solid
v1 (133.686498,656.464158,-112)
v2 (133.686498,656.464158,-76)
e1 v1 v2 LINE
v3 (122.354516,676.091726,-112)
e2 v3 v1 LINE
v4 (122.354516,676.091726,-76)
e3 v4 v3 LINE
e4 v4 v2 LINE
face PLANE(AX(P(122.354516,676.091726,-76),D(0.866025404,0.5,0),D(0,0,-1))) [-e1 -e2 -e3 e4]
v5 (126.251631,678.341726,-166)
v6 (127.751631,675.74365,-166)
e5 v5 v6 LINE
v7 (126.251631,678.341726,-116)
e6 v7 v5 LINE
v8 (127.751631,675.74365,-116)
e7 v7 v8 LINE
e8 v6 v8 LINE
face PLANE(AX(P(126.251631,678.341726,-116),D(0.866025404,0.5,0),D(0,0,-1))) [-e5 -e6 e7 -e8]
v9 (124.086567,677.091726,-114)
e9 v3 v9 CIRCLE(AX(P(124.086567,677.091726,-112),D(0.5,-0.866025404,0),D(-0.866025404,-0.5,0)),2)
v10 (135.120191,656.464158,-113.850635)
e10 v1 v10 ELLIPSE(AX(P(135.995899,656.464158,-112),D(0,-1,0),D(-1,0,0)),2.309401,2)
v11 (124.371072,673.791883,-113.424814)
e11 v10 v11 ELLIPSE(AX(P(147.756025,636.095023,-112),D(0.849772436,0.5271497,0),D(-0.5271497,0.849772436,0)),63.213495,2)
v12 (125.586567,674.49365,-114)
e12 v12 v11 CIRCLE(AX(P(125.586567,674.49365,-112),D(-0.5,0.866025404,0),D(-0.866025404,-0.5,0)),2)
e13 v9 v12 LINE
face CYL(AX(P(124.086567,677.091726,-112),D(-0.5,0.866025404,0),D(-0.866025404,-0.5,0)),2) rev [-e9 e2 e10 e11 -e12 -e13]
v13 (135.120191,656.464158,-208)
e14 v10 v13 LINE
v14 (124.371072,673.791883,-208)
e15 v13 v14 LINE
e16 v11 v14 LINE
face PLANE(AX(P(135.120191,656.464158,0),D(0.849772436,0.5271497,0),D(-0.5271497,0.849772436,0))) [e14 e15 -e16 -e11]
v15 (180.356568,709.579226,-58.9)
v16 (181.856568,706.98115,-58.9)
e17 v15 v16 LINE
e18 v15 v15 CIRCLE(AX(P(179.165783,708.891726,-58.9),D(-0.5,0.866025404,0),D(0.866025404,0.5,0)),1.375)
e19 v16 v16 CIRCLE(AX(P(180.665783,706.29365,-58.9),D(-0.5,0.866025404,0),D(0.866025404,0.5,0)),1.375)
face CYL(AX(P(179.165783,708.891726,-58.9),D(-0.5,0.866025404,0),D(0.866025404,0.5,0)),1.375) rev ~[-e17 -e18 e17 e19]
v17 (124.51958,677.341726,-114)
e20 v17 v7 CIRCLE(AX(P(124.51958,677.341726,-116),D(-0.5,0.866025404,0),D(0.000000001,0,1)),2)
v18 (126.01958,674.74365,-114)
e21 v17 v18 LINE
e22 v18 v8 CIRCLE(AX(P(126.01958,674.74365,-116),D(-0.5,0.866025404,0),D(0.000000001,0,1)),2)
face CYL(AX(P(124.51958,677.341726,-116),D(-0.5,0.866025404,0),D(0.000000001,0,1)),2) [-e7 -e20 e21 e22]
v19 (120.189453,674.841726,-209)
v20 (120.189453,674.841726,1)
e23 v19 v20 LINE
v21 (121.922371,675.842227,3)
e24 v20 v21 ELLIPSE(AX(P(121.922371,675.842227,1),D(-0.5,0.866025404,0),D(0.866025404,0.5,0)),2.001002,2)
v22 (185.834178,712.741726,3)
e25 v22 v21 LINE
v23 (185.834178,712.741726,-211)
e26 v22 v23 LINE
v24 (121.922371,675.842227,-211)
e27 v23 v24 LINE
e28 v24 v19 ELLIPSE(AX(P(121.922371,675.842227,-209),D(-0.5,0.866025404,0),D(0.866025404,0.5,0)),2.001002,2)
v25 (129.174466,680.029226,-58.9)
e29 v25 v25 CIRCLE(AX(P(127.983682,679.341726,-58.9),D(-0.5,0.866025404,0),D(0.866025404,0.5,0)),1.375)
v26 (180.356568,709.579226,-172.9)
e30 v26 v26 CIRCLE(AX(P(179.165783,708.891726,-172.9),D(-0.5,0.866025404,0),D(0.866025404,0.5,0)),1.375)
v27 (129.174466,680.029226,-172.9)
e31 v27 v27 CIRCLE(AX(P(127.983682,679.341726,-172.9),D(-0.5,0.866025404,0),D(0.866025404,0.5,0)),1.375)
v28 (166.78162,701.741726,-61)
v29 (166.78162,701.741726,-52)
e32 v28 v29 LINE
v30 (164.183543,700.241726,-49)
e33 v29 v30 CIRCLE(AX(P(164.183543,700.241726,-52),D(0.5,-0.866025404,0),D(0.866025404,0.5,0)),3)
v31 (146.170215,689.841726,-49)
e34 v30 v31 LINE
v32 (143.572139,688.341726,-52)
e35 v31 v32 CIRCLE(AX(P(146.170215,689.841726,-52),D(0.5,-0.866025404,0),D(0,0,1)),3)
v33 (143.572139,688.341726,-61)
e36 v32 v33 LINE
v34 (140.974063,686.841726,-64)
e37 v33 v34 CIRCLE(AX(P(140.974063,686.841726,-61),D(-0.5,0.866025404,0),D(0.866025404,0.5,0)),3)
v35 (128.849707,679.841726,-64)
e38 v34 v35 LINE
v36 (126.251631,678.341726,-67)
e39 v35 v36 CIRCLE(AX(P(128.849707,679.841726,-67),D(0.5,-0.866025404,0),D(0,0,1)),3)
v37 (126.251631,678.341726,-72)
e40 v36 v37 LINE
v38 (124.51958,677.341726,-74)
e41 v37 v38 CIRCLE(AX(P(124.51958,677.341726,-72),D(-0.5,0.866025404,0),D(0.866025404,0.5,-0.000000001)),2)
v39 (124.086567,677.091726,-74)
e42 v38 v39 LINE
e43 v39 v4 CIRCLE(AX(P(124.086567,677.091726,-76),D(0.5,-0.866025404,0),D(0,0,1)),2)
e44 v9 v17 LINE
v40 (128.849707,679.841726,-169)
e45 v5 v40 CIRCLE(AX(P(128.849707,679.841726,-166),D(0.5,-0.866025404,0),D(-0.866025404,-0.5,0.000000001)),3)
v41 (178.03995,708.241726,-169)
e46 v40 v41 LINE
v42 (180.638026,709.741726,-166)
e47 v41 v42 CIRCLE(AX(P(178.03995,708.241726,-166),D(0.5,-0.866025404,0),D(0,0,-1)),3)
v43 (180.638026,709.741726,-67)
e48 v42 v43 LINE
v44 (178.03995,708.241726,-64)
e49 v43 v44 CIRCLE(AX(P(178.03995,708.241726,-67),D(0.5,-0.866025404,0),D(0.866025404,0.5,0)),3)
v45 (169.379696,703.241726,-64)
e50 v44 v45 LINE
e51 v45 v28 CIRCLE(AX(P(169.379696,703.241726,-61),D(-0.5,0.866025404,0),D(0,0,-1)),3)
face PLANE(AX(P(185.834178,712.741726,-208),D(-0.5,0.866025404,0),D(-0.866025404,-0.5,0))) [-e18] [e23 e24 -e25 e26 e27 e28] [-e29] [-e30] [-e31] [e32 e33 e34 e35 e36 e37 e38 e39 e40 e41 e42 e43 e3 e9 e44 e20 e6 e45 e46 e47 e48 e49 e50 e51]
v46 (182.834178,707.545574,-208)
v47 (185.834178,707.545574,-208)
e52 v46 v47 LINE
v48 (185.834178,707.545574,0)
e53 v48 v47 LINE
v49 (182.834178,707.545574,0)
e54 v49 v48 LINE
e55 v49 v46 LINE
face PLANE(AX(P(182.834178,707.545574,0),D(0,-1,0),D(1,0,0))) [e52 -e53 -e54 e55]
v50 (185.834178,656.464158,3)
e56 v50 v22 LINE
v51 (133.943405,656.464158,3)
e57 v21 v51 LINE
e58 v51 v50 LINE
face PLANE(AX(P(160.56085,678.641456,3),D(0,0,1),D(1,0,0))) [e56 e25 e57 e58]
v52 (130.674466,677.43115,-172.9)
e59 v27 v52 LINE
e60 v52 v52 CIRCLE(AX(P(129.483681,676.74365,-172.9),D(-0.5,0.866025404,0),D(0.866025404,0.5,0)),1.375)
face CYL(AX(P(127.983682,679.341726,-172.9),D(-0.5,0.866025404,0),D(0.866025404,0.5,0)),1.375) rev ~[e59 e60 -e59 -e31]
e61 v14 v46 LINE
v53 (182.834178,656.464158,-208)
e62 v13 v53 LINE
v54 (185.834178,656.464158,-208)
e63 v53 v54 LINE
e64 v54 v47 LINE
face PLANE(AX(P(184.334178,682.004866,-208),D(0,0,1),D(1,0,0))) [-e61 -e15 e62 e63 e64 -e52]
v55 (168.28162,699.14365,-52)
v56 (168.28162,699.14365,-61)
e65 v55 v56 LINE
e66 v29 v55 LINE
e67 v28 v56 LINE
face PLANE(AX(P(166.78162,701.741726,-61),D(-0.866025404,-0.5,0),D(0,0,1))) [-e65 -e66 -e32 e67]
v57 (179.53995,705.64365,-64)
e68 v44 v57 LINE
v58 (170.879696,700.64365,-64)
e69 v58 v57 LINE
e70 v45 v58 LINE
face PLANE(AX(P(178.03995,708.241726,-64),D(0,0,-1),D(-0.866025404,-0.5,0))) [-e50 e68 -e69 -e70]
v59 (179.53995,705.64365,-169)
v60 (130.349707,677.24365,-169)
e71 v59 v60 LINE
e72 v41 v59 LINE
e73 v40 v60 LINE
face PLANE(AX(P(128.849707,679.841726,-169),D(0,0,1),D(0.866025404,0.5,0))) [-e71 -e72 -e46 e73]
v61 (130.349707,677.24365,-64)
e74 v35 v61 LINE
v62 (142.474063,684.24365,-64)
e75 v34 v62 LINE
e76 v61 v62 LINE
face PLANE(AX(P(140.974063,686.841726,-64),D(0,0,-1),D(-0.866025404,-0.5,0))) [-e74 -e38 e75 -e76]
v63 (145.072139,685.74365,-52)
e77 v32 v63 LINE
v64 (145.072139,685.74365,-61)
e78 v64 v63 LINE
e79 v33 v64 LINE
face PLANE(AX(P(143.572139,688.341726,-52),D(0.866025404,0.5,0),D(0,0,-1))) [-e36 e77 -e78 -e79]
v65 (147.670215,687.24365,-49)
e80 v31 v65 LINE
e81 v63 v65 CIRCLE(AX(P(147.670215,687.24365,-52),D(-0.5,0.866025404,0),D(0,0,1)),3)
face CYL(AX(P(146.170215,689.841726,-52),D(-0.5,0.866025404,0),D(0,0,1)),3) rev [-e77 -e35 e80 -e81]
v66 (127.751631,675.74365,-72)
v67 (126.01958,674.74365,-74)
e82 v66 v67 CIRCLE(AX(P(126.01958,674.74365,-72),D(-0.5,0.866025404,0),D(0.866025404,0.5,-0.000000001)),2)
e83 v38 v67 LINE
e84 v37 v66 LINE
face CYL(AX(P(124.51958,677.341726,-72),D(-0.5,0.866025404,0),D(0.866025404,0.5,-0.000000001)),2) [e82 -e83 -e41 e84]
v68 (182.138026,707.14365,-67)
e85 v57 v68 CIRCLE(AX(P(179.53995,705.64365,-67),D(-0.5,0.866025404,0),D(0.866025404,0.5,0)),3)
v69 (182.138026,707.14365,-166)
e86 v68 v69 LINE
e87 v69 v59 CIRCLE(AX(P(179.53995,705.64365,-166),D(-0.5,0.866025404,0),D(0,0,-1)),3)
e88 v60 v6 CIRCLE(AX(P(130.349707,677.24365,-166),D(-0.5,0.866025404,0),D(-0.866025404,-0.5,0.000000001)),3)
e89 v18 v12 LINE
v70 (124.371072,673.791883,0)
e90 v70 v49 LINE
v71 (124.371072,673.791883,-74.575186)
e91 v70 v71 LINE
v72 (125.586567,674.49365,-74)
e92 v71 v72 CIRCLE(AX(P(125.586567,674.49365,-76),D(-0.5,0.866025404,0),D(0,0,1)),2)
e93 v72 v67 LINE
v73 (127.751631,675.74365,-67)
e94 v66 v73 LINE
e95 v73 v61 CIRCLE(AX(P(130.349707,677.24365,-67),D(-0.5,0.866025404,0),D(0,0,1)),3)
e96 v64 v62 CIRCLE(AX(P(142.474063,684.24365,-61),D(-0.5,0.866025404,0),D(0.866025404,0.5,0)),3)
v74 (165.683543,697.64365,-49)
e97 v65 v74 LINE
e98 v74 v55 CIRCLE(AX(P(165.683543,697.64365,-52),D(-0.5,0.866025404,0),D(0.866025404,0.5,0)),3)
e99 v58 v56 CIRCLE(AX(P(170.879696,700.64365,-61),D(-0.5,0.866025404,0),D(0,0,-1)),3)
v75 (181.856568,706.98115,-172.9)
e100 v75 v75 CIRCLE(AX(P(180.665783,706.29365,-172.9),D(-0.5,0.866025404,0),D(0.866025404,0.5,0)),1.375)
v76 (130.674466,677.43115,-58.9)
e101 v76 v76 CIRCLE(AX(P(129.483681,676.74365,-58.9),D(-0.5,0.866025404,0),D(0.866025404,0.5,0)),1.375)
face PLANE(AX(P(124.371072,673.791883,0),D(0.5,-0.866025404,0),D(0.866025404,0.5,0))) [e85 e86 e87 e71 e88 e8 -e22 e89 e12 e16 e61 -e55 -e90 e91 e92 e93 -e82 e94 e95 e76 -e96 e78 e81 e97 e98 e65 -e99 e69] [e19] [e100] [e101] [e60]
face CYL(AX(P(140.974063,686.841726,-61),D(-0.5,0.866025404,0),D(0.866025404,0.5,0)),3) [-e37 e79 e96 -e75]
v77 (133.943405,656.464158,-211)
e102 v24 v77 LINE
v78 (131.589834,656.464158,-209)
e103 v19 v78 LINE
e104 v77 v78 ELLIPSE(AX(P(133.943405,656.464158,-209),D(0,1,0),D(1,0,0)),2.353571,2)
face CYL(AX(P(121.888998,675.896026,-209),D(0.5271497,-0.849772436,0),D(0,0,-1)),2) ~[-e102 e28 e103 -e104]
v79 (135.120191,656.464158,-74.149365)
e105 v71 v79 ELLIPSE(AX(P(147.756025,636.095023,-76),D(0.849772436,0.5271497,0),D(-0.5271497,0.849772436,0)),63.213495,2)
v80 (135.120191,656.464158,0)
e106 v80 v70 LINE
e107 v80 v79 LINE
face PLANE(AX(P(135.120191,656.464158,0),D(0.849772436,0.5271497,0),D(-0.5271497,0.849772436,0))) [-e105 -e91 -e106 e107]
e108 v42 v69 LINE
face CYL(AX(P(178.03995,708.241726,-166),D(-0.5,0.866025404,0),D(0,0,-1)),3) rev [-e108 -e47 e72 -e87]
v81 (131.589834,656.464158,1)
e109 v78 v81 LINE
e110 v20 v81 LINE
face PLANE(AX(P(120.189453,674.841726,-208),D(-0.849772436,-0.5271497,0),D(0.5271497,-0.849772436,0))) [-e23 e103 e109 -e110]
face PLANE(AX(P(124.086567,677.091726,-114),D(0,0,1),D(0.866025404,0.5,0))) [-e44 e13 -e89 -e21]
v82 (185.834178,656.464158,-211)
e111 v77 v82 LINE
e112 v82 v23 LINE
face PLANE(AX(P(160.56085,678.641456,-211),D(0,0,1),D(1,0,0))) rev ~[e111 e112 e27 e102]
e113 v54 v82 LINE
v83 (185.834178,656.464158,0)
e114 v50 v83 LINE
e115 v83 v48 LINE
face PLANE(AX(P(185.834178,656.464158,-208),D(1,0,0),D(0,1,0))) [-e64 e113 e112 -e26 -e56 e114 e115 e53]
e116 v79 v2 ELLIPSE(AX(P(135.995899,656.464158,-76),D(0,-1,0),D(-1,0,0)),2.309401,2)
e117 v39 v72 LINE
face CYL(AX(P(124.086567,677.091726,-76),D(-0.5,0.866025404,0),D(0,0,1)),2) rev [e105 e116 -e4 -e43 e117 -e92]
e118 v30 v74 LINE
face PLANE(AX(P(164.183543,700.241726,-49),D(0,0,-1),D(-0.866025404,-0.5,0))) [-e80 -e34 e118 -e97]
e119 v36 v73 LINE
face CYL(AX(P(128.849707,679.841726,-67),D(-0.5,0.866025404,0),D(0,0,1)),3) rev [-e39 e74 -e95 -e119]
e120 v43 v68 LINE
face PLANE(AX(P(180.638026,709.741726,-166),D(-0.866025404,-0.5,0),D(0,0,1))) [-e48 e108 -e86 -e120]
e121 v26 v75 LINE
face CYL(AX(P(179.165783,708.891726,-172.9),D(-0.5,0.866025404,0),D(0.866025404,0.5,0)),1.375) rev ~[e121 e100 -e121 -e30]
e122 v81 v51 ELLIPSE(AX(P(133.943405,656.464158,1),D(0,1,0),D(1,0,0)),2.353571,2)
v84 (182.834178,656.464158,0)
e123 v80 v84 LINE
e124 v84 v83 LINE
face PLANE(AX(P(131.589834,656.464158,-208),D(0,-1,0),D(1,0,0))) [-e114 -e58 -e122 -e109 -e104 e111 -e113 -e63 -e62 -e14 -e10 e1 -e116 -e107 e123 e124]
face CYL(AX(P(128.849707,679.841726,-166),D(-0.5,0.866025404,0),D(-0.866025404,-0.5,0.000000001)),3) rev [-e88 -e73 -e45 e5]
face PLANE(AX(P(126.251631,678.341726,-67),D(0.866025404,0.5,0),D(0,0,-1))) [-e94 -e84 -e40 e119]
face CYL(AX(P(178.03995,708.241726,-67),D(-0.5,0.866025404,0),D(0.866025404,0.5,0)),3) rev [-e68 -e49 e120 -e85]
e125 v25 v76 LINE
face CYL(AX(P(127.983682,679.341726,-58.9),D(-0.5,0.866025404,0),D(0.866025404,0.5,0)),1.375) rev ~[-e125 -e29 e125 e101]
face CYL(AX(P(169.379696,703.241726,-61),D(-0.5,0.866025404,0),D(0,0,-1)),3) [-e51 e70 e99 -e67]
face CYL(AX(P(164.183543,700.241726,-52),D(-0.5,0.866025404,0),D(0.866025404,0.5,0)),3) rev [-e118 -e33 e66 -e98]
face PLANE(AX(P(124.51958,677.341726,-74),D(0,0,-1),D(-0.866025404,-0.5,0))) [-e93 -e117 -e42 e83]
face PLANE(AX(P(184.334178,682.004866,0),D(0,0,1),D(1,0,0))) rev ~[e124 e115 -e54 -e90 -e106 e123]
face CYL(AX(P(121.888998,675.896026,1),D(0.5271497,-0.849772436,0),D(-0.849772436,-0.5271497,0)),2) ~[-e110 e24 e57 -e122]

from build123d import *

# Parameters (mm, degrees)
BOSS_EXTRUDE1_DEPTH = 3
BOSS_EXTRUDE2_DEPTH = 208
BOSS_EXTRUDE4_DEPTH = 3
SKETCH3_R           = 1.375
PIHOLE_DEPTH        = 33.822362803
PIHOLE_DEPTH_BACK   = 49.737803669
CUT_EXTRUDE7_START  = -3
SKETCH11_W          = 3
SKETCH11_H          = 51.081415713
CUT_EXTRUDE7_DEPTH  = 208
FILLET1_R           = 2


with BuildPart() as part:
    # Sketch1 → Boss-Extrude1 (new body)
    with BuildSketch(Plane.XY):
        Polygon((131.589833852, 656.464158154), (185.834178461, 656.464158154), (185.834178461, 712.741726289), (120.189452854, 674.841726289), align=None)
    extrude(amount=BOSS_EXTRUDE1_DEPTH)

    # Sketch2 → Boss-Extrude2 (add)
    with BuildSketch(Plane.XY):
        Polygon((185.834178461, 712.741726289), (120.189452854, 674.841726289), (131.589833852, 656.464158154), (135.120190771, 656.464158154), (124.371071621, 673.791883395), (182.834178461, 707.545573867), (182.834178461, 656.464158154), (185.834178461, 656.464158154), align=None)
    extrude(amount=-BOSS_EXTRUDE2_DEPTH)

    # Sketch10 → Boss-Extrude4 (add)
    with BuildSketch(Plane(origin=(0, 0, -208), x_dir=(-1, 0, 0), z_dir=(0, 0, -1))):
        Polygon((-185.834178461, 712.741726289), (-120.189452854, 674.841726289), (-131.589833852, 656.464158154), (-185.834178461, 656.464158154), align=None)
    extrude(amount=BOSS_EXTRUDE4_DEPTH)

    # Sketch3 → PiHole (cut, two sides)
    with BuildSketch(Plane(origin=(-262.167676037, 454.087734998, 0), x_dir=(0.866025404, 0.5, 0), z_dir=(-0.5, 0.866025404, 0))) as pihole_sk:
        with Locations((450.507982584, 172.9)):
            Circle(SKETCH3_R)
        with Locations((509.607982584, 172.9)):
            Circle(SKETCH3_R)
        with Locations((509.607982584, 58.9)):
            Circle(SKETCH3_R)
        with Locations((450.507982584, 58.9)):
            Circle(SKETCH3_R)
        with BuildLine():
            Line((451.507982584, 169), (508.307982584, 169))
            ThreePointArc((508.307982584, 169), (510.429302927, 168.121320344), (511.307982584, 166))
            Line((511.307982584, 166), (511.307982584, 67))
            ThreePointArc((511.307982584, 67), (510.429302927, 64.878679656), (508.307982584, 64))
            Line((508.307982584, 64), (498.307982584, 64))
            ThreePointArc((498.307982584, 64), (496.18666224, 63.121320344), (495.307982584, 61))
            Line((495.307982584, 61), (495.307982584, 52))
            ThreePointArc((495.307982584, 52), (494.429302927, 49.878679656), (492.307982584, 49))
            Line((492.307982584, 49), (471.507982584, 49))
            ThreePointArc((471.507982584, 49), (469.38666224, 49.878679656), (468.507982584, 52))
            Line((468.507982584, 52), (468.507982584, 61))
            ThreePointArc((468.507982584, 61), (467.629302927, 63.121320344), (465.507982584, 64))
            Line((465.507982584, 64), (451.507982584, 64))
            ThreePointArc((451.507982584, 64), (449.38666224, 64.878679656), (448.507982584, 67))
            Line((448.507982584, 67), (448.507982584, 72))
            ThreePointArc((448.507982584, 72), (447.922196146, 73.414213562), (446.507982584, 74))
            Line((446.507982584, 74), (446.007982584, 74))
            ThreePointArc((446.007982584, 74), (444.593769021, 74.585786438), (444.007982584, 76))
            Line((444.007982584, 76), (444.007982584, 112))
            ThreePointArc((444.007982584, 112), (444.593769021, 113.414213562), (446.007982584, 114))
            Line((446.007982584, 114), (446.507982584, 114))
            ThreePointArc((446.507982584, 114), (447.922196146, 114.585786438), (448.507982584, 116))
            Line((448.507982584, 116), (448.507982584, 166))
            ThreePointArc((448.507982584, 166), (449.38666224, 168.121320344), (451.507982584, 169))
        make_face()
    extrude(amount=PIHOLE_DEPTH, mode=Mode.SUBTRACT)
    extrude(pihole_sk.sketch, amount=-PIHOLE_DEPTH_BACK, mode=Mode.SUBTRACT)

    # Sketch11 → Cut-Extrude7 (cut)
    with BuildSketch(Plane.XY.offset(3).offset(CUT_EXTRUDE7_START)):
        with Locations((184.334178461, 682.004866011)):
            Rectangle(SKETCH11_W, SKETCH11_H)
    extrude(amount=-CUT_EXTRUDE7_DEPTH, mode=Mode.SUBTRACT)

    # Fillet1
    fillet1_edges = [part.edges().sort_by_distance(p)[0] for p in [
        (125.889643353, 665.652942222, 3),
        (125.889643353, 665.652942222, -211),
    ]]
    fillet(fillet1_edges, radius=FILLET1_R)


solid = part.part
